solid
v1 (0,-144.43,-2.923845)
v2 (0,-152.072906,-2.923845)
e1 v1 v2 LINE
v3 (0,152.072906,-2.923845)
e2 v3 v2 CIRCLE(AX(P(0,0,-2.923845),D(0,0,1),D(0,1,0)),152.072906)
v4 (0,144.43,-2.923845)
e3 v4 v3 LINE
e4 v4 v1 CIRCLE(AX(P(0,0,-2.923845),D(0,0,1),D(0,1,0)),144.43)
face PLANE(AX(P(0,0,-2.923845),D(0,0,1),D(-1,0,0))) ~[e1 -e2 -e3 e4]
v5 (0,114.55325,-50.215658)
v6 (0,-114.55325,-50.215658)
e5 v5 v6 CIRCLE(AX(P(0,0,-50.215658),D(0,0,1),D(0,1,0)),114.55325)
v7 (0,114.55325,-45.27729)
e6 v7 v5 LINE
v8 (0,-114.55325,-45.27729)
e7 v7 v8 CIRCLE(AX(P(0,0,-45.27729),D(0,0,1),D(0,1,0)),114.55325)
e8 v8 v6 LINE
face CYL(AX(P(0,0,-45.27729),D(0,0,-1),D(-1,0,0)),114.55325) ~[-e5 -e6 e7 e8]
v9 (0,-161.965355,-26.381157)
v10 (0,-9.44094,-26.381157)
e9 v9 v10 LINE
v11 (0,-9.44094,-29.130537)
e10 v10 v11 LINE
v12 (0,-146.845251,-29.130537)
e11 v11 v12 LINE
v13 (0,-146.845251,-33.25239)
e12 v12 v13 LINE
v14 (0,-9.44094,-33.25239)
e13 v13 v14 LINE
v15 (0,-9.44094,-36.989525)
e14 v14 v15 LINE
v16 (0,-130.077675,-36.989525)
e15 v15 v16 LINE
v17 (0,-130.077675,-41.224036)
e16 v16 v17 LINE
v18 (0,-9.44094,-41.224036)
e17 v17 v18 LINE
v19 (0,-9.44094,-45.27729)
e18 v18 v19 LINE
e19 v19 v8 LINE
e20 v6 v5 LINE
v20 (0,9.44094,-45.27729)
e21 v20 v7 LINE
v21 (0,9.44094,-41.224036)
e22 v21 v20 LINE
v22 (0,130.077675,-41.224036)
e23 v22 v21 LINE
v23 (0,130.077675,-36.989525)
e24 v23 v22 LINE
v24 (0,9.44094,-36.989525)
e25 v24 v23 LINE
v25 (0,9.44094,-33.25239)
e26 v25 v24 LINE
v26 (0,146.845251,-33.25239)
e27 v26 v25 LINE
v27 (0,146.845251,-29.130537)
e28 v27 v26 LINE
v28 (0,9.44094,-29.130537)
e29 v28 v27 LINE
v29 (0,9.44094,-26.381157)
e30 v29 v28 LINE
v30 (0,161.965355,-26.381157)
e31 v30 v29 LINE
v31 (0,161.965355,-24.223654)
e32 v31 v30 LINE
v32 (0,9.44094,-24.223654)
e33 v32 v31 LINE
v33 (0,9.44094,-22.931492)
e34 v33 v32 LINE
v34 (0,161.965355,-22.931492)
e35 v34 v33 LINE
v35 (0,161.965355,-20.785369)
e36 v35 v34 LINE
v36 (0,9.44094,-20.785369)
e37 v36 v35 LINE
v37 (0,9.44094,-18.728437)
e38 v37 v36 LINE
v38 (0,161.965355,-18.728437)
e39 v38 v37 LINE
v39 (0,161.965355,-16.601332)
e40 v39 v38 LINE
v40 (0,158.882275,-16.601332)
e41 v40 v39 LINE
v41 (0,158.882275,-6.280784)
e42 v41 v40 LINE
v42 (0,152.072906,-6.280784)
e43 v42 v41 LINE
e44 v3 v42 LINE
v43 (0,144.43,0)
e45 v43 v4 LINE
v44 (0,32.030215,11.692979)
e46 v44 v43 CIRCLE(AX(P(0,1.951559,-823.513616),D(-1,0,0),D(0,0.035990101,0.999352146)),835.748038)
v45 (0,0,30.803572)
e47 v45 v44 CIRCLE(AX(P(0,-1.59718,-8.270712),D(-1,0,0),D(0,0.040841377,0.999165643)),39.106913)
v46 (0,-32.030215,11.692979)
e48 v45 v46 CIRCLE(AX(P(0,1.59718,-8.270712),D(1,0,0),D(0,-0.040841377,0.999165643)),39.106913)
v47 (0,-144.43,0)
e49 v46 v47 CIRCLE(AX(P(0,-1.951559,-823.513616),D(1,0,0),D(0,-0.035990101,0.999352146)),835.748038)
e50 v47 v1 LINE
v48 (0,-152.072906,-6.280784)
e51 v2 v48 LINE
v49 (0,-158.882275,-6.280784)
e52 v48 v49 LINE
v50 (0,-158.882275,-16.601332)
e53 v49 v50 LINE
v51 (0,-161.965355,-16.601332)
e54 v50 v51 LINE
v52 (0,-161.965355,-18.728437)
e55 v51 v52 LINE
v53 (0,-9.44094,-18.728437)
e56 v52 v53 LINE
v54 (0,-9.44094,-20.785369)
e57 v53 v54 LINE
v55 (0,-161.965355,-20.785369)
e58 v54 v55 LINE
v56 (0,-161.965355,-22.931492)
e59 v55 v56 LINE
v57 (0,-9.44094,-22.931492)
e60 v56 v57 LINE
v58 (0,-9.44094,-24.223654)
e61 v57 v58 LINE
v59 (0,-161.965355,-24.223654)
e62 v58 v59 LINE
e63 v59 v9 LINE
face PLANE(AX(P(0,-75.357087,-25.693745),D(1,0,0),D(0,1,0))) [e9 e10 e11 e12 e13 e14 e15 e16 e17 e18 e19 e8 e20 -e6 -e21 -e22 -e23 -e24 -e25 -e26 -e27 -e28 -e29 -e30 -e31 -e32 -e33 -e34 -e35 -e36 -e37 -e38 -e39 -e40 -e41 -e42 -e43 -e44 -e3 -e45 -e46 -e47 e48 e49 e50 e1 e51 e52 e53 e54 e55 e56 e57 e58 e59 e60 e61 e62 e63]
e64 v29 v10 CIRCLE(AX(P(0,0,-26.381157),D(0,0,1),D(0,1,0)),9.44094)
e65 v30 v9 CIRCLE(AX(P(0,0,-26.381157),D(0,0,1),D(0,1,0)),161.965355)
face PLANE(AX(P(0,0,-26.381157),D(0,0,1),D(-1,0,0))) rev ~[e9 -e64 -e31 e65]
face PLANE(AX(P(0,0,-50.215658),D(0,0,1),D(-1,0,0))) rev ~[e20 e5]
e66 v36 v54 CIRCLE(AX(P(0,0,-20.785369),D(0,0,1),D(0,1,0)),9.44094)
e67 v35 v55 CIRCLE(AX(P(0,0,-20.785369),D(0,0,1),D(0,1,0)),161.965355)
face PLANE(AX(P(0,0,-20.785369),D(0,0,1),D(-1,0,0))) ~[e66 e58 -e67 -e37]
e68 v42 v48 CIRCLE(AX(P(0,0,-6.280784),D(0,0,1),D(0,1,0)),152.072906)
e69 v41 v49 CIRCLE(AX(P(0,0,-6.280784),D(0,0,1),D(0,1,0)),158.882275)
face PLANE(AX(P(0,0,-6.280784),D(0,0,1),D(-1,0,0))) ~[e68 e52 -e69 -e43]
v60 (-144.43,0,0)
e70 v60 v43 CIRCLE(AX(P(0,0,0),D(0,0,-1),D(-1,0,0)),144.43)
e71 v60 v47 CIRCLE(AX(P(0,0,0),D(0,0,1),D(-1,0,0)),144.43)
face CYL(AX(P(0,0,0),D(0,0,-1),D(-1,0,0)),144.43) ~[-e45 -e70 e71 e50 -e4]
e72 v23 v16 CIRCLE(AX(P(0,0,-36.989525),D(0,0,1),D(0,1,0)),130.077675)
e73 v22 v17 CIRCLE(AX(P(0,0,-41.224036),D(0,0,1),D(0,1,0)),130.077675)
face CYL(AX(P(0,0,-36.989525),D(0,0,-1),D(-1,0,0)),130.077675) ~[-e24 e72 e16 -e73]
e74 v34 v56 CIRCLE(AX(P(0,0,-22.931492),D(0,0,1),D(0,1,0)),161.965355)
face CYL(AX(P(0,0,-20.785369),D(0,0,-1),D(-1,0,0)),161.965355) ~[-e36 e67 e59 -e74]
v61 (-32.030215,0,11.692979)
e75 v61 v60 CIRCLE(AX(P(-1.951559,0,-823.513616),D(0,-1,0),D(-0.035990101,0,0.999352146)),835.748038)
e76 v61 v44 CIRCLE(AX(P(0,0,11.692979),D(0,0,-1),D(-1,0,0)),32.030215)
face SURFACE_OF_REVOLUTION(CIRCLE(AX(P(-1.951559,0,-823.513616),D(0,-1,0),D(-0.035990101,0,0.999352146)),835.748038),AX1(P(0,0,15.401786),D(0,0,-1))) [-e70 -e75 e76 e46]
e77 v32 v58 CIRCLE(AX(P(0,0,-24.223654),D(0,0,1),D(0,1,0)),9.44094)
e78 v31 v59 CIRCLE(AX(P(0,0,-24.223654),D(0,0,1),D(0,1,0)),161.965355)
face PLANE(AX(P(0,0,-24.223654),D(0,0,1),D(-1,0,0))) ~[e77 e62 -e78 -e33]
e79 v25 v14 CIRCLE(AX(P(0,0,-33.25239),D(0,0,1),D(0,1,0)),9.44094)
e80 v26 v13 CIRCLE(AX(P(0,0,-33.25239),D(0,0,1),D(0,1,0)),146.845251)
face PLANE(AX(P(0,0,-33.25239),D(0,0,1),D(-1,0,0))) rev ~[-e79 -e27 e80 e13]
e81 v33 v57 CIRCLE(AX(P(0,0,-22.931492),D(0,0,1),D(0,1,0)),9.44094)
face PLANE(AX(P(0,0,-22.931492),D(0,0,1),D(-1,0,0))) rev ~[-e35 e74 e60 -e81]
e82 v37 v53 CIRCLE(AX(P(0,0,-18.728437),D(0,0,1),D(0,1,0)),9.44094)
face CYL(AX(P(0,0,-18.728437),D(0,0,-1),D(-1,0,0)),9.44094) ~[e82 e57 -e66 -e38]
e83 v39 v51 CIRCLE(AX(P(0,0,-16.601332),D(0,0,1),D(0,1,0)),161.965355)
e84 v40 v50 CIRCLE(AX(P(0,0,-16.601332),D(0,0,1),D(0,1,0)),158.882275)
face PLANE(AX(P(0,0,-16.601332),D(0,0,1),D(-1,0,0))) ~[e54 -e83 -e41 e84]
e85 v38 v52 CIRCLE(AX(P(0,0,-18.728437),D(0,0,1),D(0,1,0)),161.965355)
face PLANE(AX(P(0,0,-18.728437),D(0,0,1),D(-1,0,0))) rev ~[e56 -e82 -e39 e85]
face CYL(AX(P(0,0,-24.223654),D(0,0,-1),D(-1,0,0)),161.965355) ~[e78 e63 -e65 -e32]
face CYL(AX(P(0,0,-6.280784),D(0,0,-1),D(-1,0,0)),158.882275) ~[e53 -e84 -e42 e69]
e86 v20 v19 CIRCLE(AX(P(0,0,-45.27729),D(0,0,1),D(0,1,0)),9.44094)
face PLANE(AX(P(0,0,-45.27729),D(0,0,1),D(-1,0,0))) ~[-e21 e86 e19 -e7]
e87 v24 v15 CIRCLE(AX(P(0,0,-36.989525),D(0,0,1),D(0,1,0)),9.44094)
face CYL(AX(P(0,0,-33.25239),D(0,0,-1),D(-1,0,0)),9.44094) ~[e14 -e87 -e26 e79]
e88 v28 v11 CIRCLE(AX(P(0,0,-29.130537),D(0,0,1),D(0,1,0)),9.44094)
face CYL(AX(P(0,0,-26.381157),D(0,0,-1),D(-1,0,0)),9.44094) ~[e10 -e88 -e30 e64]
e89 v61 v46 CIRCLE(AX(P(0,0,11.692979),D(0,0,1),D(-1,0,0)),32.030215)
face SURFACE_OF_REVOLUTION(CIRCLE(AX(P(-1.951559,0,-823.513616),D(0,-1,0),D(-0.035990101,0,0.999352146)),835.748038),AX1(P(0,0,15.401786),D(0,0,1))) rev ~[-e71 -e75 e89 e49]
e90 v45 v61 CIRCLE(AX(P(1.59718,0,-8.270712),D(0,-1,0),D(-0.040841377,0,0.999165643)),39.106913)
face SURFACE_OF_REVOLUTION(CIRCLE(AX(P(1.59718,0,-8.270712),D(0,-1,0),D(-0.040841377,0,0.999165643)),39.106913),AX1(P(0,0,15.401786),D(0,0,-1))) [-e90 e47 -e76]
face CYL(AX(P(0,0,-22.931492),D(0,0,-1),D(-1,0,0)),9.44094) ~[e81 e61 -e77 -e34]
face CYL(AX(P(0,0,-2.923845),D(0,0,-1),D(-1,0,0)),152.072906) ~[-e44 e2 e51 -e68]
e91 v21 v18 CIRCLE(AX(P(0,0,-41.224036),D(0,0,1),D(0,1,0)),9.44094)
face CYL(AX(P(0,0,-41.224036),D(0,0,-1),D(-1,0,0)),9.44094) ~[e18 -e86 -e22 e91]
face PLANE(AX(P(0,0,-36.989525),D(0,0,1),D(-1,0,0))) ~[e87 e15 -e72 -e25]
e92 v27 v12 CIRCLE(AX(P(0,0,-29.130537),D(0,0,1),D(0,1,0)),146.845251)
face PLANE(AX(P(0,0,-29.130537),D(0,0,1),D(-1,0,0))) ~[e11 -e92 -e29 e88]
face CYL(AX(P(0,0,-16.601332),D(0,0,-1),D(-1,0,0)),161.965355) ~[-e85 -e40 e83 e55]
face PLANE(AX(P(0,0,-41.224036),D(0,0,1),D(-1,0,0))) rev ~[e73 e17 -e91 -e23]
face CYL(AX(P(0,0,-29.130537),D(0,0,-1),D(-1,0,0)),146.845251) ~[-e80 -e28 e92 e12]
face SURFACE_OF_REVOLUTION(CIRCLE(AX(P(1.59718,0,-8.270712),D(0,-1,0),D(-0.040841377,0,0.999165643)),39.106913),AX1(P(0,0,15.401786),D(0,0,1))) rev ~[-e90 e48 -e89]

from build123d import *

# Parameters (mm, degrees)
F1_ANGLE = 180


with BuildPart() as f1:
    # F0 (on Front) → F1 (revolve, symmetric)
    with BuildSketch(Plane.XZ) as f1_sk:
        with BuildLine():
            ThreePointArc((0, 30.803572), (-18.440194, 25.31283), (-32.030215, 11.692979))
            ThreePointArc((-32.030215, 11.692979), (-88.427969, 7.748444), (-144.43, 0))
            Line((-144.43, 0), (-144.43, -2.923845))
            Line((-144.43, -2.923845), (-152.072906, -2.923845))
            Line((-152.072906, -2.923845), (-152.072906, -6.280784))
            Line((-152.072906, -6.280784), (-158.882275, -6.280784))
            Line((-158.882275, -6.280784), (-158.882275, -16.601332))
            Line((-158.882275, -16.601332), (-161.965355, -16.601332))
            Line((-161.965355, -16.601332), (-161.965355, -18.728437))
            Line((-161.965355, -18.728437), (-98.16052, -18.728437))
            Line((-98.16052, -18.728437), (-89.396238, -18.728437))
            Line((-89.396238, -18.728437), (-9.44094, -18.728437))
            Line((-9.44094, -18.728437), (-9.44094, -20.785369))
            Line((-9.44094, -20.785369), (-98.16052, -20.785369))
            Line((-98.16052, -20.785369), (-161.965355, -20.785369))
            Line((-161.965355, -20.785369), (-161.965355, -22.931492))
            Line((-161.965355, -22.931492), (-9.44094, -22.931492))
            Line((-9.44094, -22.931492), (-9.44094, -24.223654))
            Line((-9.44094, -24.223654), (-98.16052, -24.223654))
            Line((-98.16052, -24.223654), (-161.965355, -24.223654))
            Line((-161.965355, -24.223654), (-161.965355, -26.381157))
            Line((-161.965355, -26.381157), (-98.16052, -26.381157))
            Line((-98.16052, -26.381157), (-9.44094, -26.381157))
            Line((-9.44094, -26.381157), (-9.44094, -29.130537))
            Line((-9.44094, -29.130537), (-98.16052, -29.130537))
            Line((-98.16052, -29.130537), (-146.845251, -29.130537))
            Line((-146.845251, -29.130537), (-146.845251, -33.25239))
            Line((-146.845251, -33.25239), (-98.16052, -33.25239))
            Line((-98.16052, -33.25239), (-9.44094, -33.25239))
            Line((-9.44094, -33.25239), (-9.44094, -36.989525))
            Line((-9.44094, -36.989525), (-98.16052, -36.989525))
            Line((-98.16052, -36.989525), (-130.077675, -36.989525))
            Line((-130.077675, -36.989525), (-130.077675, -41.224036))
            Line((-130.077675, -41.224036), (-98.16052, -41.224036))
            Line((-98.16052, -41.224036), (-9.44094, -41.224036))
            Line((-9.44094, -41.224036), (-9.44094, -45.27729))
            Line((-9.44094, -45.27729), (-98.16052, -45.27729))
            Line((-98.16052, -45.27729), (-114.55325, -45.27729))
            Line((-114.55325, -45.27729), (-114.55325, -50.215658))
            Line((-114.55325, -50.215658), (0, -50.215658))
            Line((0, -50.215658), (0, 0))
            Line((0, 0), (0, 2.443223))
            Line((0, 2.443223), (0, 30.803572))
        make_face()
    revolve(axis=Axis((0, 0, 15.401786), (0, 0, -1)), revolution_arc=F1_ANGLE / 2)
    revolve(f1_sk.sketch, axis=Axis((0, 0, 15.401786), (0, 0, 1)), revolution_arc=F1_ANGLE / 2)


solid = f1.part
